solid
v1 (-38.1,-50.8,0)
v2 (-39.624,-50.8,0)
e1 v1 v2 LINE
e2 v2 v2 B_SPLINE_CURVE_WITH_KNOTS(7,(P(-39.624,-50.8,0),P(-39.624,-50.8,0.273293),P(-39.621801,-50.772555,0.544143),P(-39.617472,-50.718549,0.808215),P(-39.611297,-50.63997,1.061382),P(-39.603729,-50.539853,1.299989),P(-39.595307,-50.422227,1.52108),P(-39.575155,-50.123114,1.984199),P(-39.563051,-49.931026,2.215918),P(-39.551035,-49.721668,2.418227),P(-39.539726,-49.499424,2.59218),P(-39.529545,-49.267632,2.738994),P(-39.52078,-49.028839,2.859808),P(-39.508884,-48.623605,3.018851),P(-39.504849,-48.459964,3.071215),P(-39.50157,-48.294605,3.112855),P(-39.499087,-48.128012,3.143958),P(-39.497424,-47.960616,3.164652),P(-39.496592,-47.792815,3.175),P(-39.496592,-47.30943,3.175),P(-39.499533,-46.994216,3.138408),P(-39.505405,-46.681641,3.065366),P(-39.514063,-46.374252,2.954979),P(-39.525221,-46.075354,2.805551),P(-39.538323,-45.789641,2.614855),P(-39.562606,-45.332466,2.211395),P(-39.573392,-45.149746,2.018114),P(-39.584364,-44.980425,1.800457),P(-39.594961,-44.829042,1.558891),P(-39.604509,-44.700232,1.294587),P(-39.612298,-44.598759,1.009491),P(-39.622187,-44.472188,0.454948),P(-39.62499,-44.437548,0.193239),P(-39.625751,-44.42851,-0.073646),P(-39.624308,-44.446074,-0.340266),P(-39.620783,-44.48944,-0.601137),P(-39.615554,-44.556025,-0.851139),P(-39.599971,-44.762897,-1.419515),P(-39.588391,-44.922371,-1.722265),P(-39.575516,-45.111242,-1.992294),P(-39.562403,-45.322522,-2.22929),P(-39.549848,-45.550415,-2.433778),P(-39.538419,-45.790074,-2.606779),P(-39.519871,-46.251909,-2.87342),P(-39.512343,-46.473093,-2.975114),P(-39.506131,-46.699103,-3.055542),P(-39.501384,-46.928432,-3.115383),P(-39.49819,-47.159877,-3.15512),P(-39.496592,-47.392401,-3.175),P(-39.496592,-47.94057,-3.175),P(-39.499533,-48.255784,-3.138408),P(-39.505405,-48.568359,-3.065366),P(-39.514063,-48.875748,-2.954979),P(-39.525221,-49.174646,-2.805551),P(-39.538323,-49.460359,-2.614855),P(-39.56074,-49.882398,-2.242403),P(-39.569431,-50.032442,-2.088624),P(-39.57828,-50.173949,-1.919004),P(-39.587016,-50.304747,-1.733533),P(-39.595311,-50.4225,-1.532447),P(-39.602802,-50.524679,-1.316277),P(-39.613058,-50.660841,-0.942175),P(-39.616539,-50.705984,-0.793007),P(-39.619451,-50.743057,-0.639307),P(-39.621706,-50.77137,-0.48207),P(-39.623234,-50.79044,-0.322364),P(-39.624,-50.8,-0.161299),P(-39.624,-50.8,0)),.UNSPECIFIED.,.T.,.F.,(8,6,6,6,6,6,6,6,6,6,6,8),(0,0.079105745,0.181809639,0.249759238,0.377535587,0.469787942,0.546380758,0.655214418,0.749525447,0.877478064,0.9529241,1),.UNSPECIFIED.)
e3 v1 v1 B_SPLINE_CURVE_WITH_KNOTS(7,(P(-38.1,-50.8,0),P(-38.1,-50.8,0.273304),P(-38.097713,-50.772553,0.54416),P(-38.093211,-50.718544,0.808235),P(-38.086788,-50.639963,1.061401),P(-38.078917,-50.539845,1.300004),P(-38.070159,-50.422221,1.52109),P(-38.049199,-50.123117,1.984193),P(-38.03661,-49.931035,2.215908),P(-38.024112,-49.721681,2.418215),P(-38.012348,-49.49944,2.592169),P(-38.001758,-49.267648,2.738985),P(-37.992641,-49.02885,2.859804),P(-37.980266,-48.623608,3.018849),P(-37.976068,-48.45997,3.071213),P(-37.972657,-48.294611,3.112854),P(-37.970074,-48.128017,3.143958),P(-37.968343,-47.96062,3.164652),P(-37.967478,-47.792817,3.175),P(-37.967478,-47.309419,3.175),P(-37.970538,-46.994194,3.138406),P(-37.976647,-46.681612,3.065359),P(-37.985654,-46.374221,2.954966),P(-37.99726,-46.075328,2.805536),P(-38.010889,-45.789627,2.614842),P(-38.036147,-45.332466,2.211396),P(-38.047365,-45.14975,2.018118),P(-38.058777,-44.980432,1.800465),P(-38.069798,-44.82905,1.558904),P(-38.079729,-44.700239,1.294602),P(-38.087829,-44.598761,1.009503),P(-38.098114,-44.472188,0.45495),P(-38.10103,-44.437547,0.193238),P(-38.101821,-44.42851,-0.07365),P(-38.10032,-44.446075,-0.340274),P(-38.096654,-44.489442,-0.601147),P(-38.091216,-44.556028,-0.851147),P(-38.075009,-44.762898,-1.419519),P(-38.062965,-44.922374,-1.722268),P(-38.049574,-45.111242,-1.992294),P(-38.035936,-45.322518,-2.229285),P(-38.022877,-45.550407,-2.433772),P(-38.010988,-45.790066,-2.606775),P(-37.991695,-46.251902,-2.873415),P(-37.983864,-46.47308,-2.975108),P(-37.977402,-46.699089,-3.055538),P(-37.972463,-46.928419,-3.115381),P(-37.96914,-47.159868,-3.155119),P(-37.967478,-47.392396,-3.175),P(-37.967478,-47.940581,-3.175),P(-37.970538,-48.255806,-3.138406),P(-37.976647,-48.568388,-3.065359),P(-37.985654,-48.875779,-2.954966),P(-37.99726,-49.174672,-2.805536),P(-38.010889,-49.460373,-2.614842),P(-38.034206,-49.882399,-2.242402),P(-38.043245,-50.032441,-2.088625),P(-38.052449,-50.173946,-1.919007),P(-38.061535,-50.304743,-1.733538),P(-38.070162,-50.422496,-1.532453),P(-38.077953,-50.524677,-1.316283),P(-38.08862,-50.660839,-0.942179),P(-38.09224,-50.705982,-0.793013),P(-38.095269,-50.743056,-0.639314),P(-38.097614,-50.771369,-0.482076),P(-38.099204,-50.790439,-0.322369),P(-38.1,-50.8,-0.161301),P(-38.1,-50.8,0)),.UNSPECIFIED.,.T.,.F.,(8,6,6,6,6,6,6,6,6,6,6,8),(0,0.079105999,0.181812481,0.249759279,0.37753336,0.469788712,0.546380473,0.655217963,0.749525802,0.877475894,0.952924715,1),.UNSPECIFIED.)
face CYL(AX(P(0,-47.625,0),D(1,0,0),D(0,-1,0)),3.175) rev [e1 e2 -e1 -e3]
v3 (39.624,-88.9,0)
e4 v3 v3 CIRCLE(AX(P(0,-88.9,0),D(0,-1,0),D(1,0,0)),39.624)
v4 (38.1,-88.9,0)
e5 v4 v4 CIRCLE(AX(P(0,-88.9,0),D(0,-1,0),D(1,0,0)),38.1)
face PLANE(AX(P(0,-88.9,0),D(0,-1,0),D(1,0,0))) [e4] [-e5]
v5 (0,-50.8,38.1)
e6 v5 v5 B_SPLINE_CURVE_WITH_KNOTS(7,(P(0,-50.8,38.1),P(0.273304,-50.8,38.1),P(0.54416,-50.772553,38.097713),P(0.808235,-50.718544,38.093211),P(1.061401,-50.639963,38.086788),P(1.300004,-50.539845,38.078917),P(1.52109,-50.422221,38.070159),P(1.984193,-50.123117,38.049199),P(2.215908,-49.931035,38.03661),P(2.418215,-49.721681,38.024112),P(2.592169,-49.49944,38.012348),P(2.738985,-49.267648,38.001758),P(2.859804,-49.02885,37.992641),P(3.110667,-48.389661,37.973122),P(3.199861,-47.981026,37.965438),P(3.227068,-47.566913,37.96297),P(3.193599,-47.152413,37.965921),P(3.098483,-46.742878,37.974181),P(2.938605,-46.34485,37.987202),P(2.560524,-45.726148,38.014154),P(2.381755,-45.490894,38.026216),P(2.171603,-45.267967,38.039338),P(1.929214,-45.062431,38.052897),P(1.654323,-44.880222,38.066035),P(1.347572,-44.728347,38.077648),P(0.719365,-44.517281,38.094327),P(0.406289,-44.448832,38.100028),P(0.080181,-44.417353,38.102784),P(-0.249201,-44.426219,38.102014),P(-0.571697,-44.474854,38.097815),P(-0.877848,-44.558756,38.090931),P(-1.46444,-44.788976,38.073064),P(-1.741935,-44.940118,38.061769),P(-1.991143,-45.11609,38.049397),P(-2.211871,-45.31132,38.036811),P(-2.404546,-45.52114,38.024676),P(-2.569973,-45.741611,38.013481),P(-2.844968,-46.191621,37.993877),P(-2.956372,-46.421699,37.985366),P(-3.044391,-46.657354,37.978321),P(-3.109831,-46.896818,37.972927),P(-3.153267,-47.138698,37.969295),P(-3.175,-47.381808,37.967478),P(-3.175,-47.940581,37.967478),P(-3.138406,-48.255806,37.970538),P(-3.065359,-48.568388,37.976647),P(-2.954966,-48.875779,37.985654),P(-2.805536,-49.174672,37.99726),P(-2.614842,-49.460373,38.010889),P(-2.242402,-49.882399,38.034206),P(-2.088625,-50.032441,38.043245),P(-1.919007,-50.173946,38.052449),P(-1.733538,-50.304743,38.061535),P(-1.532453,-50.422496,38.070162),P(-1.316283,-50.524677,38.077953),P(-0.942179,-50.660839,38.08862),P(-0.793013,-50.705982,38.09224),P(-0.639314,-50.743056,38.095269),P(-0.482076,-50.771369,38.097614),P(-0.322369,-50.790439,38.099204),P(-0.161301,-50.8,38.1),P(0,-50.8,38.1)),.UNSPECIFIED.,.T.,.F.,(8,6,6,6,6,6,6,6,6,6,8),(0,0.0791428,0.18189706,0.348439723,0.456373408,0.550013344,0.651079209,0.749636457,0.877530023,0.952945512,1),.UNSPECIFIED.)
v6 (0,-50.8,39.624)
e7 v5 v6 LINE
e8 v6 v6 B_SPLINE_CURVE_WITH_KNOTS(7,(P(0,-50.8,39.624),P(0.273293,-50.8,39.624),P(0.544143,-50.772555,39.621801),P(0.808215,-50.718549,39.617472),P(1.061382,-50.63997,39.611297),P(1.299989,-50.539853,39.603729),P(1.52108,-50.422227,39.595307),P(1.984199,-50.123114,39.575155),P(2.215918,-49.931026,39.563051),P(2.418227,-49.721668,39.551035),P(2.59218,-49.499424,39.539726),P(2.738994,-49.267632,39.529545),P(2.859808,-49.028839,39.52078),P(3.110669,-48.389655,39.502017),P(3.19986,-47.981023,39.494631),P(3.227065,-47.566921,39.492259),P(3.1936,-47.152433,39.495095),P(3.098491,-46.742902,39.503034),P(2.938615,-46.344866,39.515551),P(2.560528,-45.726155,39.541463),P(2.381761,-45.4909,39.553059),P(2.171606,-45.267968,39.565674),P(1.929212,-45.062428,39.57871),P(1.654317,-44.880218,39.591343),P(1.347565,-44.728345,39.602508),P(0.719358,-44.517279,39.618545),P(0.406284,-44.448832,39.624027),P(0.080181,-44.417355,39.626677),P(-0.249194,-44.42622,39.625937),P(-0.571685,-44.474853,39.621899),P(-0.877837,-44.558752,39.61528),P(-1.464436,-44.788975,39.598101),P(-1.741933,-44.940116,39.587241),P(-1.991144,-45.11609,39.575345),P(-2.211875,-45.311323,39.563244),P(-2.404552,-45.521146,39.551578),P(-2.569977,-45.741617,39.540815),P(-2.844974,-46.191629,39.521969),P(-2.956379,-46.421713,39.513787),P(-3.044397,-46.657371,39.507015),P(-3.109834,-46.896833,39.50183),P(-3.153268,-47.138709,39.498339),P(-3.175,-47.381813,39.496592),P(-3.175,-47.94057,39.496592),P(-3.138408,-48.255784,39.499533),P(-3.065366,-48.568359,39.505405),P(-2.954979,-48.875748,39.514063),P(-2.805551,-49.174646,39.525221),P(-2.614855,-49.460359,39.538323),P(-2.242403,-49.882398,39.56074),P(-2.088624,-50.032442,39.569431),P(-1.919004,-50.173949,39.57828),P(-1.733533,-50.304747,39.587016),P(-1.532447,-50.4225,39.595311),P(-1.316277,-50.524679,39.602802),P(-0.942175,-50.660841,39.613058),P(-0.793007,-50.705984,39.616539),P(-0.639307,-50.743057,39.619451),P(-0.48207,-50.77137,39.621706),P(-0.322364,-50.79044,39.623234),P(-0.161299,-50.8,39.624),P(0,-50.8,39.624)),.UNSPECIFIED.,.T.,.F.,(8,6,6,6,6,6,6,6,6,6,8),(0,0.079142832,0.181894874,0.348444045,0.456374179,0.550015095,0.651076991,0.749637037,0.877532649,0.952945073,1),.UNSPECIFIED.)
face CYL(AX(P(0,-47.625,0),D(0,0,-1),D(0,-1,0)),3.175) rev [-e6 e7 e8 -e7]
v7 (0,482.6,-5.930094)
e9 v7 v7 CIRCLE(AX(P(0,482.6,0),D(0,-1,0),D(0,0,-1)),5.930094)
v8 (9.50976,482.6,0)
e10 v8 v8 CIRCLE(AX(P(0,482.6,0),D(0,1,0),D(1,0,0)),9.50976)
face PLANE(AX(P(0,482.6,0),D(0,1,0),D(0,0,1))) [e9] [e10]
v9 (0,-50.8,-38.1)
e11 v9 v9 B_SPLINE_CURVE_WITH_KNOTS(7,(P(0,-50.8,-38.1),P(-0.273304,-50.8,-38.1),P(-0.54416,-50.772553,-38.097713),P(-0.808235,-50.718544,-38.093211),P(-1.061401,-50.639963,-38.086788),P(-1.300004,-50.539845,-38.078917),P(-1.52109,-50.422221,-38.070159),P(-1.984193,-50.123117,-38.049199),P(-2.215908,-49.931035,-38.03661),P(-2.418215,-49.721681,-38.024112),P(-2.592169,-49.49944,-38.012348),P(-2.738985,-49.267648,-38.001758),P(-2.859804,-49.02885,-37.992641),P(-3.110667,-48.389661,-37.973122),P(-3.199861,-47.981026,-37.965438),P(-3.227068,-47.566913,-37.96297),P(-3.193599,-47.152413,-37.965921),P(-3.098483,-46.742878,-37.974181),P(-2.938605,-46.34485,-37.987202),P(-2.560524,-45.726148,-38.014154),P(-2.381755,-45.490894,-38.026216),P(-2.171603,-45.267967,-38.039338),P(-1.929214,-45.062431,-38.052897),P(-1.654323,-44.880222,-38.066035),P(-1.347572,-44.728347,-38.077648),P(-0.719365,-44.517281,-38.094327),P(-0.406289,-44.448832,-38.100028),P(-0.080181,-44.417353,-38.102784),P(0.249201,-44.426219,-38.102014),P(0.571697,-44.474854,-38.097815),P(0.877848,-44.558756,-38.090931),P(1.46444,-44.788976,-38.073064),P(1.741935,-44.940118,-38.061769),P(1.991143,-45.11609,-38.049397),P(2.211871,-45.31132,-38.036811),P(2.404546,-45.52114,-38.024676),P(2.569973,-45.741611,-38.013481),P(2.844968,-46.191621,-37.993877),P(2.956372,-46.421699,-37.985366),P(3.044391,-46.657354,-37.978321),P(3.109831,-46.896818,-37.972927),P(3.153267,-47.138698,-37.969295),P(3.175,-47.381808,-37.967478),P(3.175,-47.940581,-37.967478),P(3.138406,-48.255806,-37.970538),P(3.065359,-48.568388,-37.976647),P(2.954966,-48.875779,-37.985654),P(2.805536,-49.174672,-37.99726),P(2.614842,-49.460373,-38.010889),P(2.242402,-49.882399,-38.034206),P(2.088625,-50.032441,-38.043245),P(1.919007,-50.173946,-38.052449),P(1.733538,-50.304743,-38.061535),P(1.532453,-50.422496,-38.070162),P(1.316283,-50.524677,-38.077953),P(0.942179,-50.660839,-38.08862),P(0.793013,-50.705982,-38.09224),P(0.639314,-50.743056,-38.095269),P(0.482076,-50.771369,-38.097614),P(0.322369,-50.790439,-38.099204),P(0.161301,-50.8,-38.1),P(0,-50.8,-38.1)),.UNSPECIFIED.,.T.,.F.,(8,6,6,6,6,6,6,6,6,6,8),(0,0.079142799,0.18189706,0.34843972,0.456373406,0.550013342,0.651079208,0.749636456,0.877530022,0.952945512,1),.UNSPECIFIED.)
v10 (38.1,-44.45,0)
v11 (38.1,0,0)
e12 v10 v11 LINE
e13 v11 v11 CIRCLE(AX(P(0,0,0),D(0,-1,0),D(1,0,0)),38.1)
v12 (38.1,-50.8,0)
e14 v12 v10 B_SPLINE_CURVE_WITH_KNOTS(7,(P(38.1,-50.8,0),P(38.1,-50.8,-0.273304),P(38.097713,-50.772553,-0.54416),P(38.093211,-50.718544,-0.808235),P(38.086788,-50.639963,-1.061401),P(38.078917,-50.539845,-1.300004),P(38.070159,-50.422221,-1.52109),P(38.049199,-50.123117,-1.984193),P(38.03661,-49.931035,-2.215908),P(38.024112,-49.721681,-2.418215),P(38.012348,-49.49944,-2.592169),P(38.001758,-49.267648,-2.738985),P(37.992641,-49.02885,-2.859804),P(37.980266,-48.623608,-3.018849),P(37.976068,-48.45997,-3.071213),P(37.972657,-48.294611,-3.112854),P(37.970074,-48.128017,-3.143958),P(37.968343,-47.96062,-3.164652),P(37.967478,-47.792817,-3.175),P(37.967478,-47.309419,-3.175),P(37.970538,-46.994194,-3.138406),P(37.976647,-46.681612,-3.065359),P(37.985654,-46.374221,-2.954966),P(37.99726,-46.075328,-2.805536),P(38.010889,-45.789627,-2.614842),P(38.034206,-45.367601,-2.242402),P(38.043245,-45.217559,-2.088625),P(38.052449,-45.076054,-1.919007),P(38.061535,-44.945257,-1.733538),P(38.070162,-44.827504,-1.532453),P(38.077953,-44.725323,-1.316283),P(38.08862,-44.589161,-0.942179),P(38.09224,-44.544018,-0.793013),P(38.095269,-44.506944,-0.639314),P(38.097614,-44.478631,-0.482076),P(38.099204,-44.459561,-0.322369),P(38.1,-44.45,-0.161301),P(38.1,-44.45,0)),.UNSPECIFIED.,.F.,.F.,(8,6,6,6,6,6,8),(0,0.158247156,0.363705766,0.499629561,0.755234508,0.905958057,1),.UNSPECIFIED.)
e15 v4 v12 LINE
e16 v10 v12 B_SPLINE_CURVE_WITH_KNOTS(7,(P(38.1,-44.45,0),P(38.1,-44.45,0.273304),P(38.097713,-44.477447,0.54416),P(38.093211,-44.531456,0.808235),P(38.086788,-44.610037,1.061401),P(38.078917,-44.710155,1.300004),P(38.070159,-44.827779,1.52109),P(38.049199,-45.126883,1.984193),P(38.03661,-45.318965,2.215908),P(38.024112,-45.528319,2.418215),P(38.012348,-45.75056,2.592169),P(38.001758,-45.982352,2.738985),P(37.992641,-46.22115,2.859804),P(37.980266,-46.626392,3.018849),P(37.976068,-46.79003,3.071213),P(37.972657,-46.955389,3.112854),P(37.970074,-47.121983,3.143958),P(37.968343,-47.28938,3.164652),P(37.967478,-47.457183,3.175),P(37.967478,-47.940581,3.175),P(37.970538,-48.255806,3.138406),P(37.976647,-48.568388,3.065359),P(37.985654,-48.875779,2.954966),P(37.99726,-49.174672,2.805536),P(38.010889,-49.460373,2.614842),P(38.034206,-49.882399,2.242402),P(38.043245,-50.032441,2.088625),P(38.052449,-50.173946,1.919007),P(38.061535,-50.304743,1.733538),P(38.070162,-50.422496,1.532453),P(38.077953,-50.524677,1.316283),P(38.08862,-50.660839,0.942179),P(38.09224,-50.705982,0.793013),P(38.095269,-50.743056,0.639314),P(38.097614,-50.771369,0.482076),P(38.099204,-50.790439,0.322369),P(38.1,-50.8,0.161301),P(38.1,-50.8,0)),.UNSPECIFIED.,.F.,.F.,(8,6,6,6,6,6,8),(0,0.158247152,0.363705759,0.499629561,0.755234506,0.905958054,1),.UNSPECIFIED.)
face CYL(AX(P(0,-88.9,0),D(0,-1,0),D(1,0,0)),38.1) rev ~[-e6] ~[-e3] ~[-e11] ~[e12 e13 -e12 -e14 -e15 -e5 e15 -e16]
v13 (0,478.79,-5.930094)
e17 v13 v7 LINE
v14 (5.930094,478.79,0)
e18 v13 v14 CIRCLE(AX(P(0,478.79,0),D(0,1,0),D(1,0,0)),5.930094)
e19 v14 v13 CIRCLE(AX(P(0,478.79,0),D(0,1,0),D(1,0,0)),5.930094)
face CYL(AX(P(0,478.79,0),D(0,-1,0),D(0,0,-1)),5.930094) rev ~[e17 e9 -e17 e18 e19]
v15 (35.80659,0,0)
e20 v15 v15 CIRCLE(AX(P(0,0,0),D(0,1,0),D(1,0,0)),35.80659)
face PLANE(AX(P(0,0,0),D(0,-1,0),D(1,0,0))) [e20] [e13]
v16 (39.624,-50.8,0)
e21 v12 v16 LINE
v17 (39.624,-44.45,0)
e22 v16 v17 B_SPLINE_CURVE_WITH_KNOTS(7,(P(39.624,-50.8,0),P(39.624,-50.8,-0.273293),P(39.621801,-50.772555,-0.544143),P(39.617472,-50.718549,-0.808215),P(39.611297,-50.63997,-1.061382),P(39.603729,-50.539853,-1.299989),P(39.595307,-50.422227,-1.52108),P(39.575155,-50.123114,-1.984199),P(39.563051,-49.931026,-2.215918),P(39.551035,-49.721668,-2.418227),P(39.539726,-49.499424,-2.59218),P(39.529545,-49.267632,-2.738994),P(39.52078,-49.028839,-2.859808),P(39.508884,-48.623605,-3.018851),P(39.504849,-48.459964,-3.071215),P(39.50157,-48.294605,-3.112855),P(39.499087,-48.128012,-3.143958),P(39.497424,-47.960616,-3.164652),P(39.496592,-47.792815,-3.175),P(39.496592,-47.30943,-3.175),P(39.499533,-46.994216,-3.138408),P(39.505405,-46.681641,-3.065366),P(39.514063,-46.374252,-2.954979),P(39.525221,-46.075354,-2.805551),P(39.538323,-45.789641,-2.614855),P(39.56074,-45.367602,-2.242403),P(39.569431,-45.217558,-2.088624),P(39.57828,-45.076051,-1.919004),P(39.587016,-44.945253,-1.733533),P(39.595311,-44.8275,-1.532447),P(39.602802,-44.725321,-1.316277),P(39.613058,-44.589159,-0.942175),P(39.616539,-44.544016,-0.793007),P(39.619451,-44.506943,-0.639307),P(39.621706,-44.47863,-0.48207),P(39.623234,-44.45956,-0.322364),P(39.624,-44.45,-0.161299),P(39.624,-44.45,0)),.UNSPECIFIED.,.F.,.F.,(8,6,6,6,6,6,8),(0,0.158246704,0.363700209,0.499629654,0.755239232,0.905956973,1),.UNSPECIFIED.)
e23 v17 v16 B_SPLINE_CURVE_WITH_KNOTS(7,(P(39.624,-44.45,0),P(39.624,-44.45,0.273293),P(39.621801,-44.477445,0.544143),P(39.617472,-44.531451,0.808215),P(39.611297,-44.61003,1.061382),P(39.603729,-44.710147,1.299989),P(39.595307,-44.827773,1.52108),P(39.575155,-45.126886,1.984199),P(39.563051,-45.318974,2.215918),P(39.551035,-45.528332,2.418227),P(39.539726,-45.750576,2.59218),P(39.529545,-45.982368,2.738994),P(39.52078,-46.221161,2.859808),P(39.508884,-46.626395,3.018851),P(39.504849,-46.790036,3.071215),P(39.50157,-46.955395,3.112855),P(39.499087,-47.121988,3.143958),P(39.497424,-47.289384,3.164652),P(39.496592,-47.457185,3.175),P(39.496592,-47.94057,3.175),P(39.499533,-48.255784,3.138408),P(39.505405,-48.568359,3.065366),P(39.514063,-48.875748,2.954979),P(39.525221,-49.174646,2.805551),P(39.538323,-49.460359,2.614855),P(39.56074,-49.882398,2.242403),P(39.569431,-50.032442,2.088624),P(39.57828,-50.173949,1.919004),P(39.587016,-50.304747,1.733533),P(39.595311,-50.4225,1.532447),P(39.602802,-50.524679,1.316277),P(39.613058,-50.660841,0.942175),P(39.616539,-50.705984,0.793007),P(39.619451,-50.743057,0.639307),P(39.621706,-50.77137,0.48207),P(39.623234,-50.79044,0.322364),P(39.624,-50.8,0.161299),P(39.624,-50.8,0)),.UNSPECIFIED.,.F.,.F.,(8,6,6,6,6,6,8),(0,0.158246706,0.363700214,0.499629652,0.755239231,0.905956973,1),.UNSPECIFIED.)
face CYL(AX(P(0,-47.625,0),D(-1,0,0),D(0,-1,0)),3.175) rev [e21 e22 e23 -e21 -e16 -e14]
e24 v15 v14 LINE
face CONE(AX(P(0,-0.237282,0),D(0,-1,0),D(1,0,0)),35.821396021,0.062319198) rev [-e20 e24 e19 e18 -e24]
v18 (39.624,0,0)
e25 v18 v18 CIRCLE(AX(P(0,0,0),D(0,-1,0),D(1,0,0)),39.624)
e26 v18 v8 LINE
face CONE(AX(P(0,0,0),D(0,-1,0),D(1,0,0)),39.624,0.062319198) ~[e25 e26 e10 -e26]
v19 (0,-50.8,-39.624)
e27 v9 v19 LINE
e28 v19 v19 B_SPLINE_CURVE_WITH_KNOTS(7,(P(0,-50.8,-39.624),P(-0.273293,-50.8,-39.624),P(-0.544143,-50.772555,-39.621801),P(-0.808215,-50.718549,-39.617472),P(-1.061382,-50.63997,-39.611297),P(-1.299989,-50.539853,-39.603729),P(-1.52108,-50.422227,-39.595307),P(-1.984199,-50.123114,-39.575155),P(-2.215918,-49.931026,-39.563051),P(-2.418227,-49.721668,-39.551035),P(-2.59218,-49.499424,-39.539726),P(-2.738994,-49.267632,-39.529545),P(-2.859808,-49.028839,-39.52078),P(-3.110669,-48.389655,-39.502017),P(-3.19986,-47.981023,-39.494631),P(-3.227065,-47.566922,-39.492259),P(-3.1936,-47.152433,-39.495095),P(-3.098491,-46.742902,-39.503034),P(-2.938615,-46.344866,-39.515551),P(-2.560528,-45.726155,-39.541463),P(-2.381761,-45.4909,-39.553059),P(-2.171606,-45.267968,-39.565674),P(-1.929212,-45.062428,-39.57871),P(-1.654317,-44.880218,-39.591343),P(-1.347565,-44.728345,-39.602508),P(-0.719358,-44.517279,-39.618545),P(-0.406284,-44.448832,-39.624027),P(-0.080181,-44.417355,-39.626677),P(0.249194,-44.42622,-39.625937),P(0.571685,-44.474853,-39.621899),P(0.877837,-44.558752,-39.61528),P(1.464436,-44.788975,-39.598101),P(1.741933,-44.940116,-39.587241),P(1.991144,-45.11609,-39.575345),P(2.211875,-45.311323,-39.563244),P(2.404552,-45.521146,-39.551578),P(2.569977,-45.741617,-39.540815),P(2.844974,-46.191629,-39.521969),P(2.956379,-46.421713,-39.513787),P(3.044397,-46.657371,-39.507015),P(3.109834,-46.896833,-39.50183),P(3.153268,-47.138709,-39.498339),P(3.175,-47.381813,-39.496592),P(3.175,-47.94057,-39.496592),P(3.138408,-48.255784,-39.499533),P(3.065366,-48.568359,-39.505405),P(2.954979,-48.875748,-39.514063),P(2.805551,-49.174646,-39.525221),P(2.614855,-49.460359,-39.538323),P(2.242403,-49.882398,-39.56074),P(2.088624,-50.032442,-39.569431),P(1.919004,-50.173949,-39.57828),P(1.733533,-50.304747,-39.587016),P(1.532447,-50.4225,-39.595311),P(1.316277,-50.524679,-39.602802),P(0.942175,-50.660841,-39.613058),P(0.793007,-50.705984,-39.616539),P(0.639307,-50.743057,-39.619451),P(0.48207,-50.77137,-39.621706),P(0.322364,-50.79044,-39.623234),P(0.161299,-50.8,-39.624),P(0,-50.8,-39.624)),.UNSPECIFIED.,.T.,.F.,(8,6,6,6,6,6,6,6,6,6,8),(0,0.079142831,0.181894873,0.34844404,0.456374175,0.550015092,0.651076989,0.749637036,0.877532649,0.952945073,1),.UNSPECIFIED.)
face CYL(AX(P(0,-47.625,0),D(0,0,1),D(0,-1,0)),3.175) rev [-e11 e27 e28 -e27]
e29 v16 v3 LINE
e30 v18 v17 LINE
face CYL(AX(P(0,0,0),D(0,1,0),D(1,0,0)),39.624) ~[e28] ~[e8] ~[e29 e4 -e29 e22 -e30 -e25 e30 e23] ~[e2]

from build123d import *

# Parameters (mm, degrees)
SHELL1_T            = -3.81
SKETCH2_R           = 39.624
BOSS_EXTRUDE1_DEPTH = 88.9
SKETCH4_R           = 38.1
CUT_EXTRUDE1_DEPTH  = 88.9
SKETCH5_R           = 34.539650962
CUT_EXTRUDE2_DEPTH  = 575.240692351
SKETCH7_R           = 5.930093594
CUT_EXTRUDE5_DEPTH  = 571.44899759
SKETCH8_R           = 3.175
CUT_EXTRUDE6_DEPTH  = 486.842446429
CIRPATTERN1_COUNT   = 4


with BuildPart() as part:
    # Sketch1 → Revolve1 (revolve)
    with BuildSketch(Plane.XY, mode=Mode.PRIVATE) as revolve1_sk:
        Polygon((0, 0), (-39.624, 0), (0, 635), align=None)
    revolve(revolve1_sk.sketch.rotate(Axis((0, 635, 0), (0, -1, 0)), 180), axis=Axis((0, 635, 0), (0, -1, 0)))


with BuildPart() as body_2:
    # Split1: the piece on the far side of the plane
    add(part.part)
    split(bisect_by=Plane.ZX.offset(482.6), keep=Keep.BOTTOM)

    # Shell1
    shell1_openings = [body_2.faces().sort_by_distance(p)[0] for p in [
        (0, 0, 0),
    ]]
    offset(amount=SHELL1_T, openings=shell1_openings, kind=Kind.INTERSECTION)

    # Sketch2 → Boss-Extrude1 (add)
    with BuildSketch(Plane.XZ):
        Circle(SKETCH2_R)
    extrude(amount=BOSS_EXTRUDE1_DEPTH)

    # Sketch4 → Cut-Extrude1 (cut)
    with BuildSketch(Plane.XZ.offset(88.9)):
        Circle(SKETCH4_R)
    extrude(amount=-CUT_EXTRUDE1_DEPTH, mode=Mode.SUBTRACT)

    # Sketch7 → Cut-Extrude5 (cut, through all)
    with BuildSketch(Plane(origin=(0, 478.79, 0), x_dir=(-1, 0, 0), z_dir=(0, -1, 0))):
        with Locations(Location((0, 0, 0), (0, 0, 90))):
            Circle(SKETCH7_R)
    extrude(amount=-CUT_EXTRUDE5_DEPTH, mode=Mode.SUBTRACT)

    # Sketch8 → Cut-Extrude6 (cut, through all)
    with BuildSketch(Plane(origin=(0, 0, 0), x_dir=(0, 0, -1), z_dir=(1, 0, 0))):
        with Locations(Location((0, -47.625, 0), (0, 0, 270))):
            Circle(SKETCH8_R)
    cut_extrude6 = extrude(amount=CUT_EXTRUDE6_DEPTH, mode=Mode.SUBTRACT)

    # CirPattern1: Cut-Extrude6 ×4 about axis
    cirpattern1_axis = Axis((0, -88.9, 0), (0, 1, 0))
    for i in range(1, CIRPATTERN1_COUNT):
        add(cut_extrude6.rotate(cirpattern1_axis, i * 360 / CIRPATTERN1_COUNT), mode=Mode.SUBTRACT)


with BuildPart() as part_1:
    add(part.part)

    # Split1
    split(bisect_by=Plane.ZX.offset(482.6), keep=Keep.TOP)

    # Sketch5 → Cut-Extrude2 (cut, through all)
    with BuildSketch(Plane(origin=(0, 482.6, 0), x_dir=(1, 0, 0), z_dir=(0, 1, 0))):
        Circle(SKETCH5_R)
    extrude(amount=CUT_EXTRUDE2_DEPTH, mode=Mode.SUBTRACT)


solid = body_2.part
